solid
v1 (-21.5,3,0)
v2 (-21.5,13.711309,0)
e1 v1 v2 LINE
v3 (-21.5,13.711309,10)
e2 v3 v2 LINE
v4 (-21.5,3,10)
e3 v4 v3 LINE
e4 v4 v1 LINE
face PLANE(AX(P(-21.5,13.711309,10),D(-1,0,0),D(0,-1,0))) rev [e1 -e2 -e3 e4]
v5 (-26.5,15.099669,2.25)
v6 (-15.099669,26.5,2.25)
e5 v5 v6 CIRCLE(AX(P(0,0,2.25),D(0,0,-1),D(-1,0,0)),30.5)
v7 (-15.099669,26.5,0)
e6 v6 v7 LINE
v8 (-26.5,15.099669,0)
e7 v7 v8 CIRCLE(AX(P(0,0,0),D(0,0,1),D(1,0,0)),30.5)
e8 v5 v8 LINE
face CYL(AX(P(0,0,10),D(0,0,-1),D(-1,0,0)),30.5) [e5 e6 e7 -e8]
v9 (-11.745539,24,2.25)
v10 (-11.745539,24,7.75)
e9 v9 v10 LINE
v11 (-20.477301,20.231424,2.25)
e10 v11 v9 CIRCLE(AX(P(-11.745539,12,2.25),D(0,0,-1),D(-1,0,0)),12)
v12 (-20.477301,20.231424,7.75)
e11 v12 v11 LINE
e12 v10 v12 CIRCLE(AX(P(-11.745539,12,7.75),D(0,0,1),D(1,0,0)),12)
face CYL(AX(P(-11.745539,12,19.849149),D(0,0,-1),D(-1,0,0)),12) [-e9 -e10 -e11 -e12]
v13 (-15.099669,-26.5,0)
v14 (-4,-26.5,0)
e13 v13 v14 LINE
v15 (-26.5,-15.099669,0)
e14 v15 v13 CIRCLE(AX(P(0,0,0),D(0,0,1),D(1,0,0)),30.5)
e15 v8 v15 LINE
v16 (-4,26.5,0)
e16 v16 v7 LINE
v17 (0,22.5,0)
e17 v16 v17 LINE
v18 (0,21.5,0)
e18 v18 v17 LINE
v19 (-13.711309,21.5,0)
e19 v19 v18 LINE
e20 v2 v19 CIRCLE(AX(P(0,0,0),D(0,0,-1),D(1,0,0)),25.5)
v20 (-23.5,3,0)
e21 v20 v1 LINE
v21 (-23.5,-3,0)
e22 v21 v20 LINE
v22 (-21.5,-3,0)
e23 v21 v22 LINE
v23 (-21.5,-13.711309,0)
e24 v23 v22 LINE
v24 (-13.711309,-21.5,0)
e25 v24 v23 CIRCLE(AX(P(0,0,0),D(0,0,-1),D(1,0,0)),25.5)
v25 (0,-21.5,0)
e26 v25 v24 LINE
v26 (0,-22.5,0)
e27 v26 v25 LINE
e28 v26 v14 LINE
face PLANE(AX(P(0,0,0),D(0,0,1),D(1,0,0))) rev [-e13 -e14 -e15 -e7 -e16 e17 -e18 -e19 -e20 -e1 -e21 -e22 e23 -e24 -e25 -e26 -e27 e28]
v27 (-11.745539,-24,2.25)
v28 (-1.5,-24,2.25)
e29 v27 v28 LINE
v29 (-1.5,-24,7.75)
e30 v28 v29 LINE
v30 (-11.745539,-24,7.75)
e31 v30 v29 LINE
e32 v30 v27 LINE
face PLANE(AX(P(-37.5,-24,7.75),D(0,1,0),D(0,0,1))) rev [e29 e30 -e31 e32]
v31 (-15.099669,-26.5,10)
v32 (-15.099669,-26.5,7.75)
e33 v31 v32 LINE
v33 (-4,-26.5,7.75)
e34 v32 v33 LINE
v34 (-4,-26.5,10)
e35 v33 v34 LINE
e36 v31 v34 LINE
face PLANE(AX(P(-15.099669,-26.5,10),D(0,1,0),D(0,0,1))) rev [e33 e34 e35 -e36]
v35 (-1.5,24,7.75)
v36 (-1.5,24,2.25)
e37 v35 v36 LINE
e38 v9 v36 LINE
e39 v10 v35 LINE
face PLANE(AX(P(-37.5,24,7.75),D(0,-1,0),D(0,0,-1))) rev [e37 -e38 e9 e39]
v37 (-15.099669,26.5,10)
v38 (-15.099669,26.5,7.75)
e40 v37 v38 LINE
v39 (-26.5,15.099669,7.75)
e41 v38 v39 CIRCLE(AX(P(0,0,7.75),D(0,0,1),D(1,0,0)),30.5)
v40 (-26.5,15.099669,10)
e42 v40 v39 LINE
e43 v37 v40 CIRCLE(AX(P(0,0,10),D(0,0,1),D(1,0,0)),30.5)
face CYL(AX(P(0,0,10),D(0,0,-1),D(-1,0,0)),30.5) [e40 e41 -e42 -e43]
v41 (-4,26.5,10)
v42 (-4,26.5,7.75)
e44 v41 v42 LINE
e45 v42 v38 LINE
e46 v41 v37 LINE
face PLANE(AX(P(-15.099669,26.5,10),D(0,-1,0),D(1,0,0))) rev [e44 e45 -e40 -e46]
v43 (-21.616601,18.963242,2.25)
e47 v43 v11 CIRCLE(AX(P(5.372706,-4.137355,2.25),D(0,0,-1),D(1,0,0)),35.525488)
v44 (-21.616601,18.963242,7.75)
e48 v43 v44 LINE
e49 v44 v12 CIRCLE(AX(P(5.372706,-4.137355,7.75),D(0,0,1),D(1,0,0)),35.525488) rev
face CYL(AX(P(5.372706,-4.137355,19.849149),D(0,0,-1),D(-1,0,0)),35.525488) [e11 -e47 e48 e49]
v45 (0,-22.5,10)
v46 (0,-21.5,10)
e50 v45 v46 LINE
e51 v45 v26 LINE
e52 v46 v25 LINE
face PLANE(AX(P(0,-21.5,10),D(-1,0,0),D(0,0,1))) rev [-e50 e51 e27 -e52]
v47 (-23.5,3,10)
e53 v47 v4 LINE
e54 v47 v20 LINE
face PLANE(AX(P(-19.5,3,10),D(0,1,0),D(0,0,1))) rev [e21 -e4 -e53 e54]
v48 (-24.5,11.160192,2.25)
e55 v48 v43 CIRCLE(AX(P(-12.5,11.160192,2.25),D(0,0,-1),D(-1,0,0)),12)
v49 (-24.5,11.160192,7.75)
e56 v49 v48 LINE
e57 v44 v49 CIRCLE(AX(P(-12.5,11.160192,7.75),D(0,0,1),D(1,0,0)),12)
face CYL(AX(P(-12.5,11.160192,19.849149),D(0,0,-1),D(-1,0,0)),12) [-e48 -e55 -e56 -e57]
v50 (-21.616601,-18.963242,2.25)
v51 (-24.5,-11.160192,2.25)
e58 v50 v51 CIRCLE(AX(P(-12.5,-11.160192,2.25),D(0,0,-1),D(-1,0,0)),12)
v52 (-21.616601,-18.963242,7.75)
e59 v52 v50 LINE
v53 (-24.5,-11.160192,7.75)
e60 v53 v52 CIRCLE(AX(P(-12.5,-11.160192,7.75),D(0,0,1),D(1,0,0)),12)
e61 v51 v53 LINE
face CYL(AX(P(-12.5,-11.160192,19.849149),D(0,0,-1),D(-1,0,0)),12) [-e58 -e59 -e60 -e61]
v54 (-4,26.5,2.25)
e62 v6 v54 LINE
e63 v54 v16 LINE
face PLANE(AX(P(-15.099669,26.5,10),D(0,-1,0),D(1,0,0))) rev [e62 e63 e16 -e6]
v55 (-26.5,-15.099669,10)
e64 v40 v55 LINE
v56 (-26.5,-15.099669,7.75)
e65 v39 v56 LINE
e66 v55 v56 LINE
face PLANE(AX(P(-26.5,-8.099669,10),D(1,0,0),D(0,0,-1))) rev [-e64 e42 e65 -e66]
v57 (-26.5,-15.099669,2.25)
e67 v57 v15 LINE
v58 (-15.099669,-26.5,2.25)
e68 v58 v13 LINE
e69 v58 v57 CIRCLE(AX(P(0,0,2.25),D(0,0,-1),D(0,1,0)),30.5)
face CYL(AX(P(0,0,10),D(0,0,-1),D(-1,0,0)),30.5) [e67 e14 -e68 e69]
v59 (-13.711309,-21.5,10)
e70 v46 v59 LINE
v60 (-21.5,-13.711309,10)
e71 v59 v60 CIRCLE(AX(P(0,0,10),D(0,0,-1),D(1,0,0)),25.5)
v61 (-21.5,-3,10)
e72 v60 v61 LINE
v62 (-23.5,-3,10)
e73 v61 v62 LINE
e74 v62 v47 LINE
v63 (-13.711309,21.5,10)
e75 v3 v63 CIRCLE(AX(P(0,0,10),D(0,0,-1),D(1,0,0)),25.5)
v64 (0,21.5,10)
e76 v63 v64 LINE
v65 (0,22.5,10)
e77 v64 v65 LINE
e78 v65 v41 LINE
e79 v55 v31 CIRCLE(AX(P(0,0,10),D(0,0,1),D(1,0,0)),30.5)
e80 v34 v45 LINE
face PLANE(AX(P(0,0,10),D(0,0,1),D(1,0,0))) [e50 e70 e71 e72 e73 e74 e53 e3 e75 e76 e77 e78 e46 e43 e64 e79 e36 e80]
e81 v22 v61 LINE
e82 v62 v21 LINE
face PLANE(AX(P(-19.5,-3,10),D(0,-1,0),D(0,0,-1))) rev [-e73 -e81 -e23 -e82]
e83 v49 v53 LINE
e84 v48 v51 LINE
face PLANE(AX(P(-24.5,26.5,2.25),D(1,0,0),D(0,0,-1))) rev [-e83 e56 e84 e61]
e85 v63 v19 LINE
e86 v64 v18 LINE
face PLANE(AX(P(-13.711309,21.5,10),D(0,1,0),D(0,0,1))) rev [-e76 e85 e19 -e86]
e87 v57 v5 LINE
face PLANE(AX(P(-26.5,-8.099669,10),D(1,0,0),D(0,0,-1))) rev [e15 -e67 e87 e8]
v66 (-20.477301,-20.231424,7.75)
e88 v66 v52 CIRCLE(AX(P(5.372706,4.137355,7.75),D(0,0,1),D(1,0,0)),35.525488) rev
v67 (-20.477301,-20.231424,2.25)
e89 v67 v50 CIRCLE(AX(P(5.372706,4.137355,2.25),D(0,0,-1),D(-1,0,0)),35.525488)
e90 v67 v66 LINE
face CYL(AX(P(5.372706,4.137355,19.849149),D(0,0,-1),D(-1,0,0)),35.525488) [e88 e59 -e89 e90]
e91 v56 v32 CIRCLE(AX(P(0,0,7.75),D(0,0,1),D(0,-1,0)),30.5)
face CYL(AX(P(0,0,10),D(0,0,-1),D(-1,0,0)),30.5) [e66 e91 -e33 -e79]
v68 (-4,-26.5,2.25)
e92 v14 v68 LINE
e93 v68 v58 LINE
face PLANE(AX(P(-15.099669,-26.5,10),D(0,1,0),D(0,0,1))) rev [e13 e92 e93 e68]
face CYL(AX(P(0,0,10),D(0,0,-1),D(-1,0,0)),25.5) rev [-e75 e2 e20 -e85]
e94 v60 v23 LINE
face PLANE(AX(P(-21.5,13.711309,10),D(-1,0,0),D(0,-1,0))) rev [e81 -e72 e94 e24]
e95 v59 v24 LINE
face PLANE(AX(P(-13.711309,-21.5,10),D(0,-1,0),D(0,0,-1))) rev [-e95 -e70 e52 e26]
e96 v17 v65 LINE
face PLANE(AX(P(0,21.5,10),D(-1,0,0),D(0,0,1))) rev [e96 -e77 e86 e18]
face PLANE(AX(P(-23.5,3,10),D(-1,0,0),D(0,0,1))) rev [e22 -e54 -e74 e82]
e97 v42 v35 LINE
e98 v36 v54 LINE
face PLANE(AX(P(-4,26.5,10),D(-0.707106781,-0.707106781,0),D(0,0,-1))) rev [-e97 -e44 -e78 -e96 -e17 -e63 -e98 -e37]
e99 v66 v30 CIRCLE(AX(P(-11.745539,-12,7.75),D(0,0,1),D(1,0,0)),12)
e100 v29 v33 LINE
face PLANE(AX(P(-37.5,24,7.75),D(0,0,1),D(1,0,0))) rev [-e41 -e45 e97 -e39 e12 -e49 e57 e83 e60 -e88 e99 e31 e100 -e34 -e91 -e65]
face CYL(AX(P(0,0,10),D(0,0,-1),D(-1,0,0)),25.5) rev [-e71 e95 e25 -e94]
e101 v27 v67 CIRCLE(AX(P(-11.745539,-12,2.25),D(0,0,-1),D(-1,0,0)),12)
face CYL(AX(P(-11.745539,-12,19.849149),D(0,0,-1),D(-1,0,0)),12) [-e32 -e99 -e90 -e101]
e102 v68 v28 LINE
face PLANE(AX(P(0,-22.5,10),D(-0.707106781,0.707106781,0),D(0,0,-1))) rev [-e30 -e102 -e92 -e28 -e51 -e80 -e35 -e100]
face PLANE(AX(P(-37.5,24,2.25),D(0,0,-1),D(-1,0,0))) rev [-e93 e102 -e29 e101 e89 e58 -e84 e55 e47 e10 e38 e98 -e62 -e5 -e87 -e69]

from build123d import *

# Parameters (mm, degrees)
BOSS_EXTRUDE1_DEPTH     = 10
CUT_EXTRUDE1_DEPTH      = 47.99468055
SKETCH8_W               = 5.5
SKETCH8_H               = 5
CUT_EXTRUDE7_DEPTH      = 47.99468055
CUT_EXTRUDE8_DEPTH      = 52.994106262
CUT_EXTRUDE8_DEPTH_BACK = 52.994106262
SKETCH9_W               = 4
SKETCH9_H               = 5.5
FILLET4_R               = 1.5
CUT_EXTRUDE9_DEPTH      = 5.5
CHAMFER1_SIZE           = 4
SKETCH11_W              = 11
SKETCH11_H              = 16.199337742
SKETCH11_W_2            = 4
SKETCH11_H_2            = 6
CUT_EXTRUDE10_DEPTH     = 47.99468055
FILLET5_R               = 12


with BuildPart() as part:
    # Sketch1 → Boss-Extrude1 (new body)
    with BuildSketch(Plane.XY):
        with BuildLine():
            Line((-26.5, -8.099668871), (-26.5, -15.099668871))
            ThreePointArc((-26.5, -15.099668871), (-21.566756826, -21.566756826), (-15.099668871, -26.5))
            Line((-15.099668871, -26.5), (0, -26.5))
            Line((0, -26.5), (0, -21.5))
            Line((0, -21.5), (-13.711309201, -21.5))
            ThreePointArc((-13.711309201, -21.5), (-18.03122292, -18.03122292), (-21.5, -13.711309201))
            Line((-21.5, -13.711309201), (-21.5, 13.711309201))
            ThreePointArc((-21.5, 13.711309201), (-18.03122292, 18.03122292), (-13.711309201, 21.5))
            Line((-13.711309201, 21.5), (0, 21.5))
            Line((0, 21.5), (0, 26.5))
            Line((0, 26.5), (-15.099668871, 26.5))
            ThreePointArc((-15.099668871, 26.5), (-21.566756826, 21.566756826), (-26.5, 15.099668871))
            Line((-26.5, 15.099668871), (-26.5, 8.099668871))
            Line((-26.5, 8.099668871), (-37.5, 8.099668871))
            Line((-37.5, 8.099668871), (-37.5, -8.099668871))
            Line((-37.5, -8.099668871), (-26.5, -8.099668871))
        make_face()
    extrude(amount=BOSS_EXTRUDE1_DEPTH)

    # Sketch2 → Cut-Extrude1 (cut, through all)
    with BuildSketch(Plane.XY.offset(10)):
        with BuildLine():
            Line((-31, 2.907722565), (-31, -2.907722565))
            ThreePointArc((-31, -2.907722565), (-33, -4.907722565), (-35, -2.907722565))
            Line((-35, -2.907722565), (-35, 2.907722565))
            ThreePointArc((-35, 2.907722565), (-33, 4.907722565), (-31, 2.907722565))
        make_face()
    extrude(amount=-CUT_EXTRUDE1_DEPTH, mode=Mode.SUBTRACT)

    # Sketch8 → Cut-Extrude7 (cut, through all)
    with BuildSketch(Plane(origin=(0, 0, 0), x_dir=(0, 0, -1), z_dir=(1, 0, 0))):
        with Locations((-5, 26.5)):
            Rectangle(SKETCH8_W, SKETCH8_H)
        with Locations((-5, -26.5)):
            Rectangle(SKETCH8_W, SKETCH8_H)
    extrude(amount=-CUT_EXTRUDE7_DEPTH, mode=Mode.SUBTRACT)

    # Sketch9 → Cut-Extrude8 (cut, two sides: drawn at the far end of the back side and taken through both)
    with BuildSketch(Plane.XZ.offset(8.099668871).offset(-CUT_EXTRUDE8_DEPTH_BACK)):
        with Locations((-26.5, 5)):
            Rectangle(SKETCH9_W, SKETCH9_H)
    extrude(amount=CUT_EXTRUDE8_DEPTH + CUT_EXTRUDE8_DEPTH_BACK, mode=Mode.SUBTRACT)

    # Fillet4
    fillet4_edges = [part.edges().sort_by_distance(p)[0] for p in [
        (-28.5, 0, 2.25),
        (-28.5, 0, 7.75),
    ]]
    fillet(fillet4_edges, radius=FILLET4_R)

    # Sketch10 → Cut-Extrude9 (cut)
    with BuildSketch(Plane.XY.offset(2.25)):
        with BuildLine():
            Line((-16.314836512, 24), (-18.821530225, 24))
            ThreePointArc((-18.821530225, 24), (-21.856301603, 21.273271498), (-24.5, 18.165902125))
            Line((-24.5, 18.165902125), (-24.5, 15.08975312))
            ThreePointArc((-24.5, 15.08975312), (-20.789536476, 19.895899393), (-16.314836512, 24))
        make_face()
        with BuildLine():
            Line((-24.5, -15.08975312), (-24.5, -18.165902125))
            ThreePointArc((-24.5, -18.165902125), (-21.856301603, -21.273271498), (-18.821530225, -24))
            Line((-18.821530225, -24), (-16.314836512, -24))
            ThreePointArc((-16.314836512, -24), (-20.789536476, -19.895899393), (-24.5, -15.08975312))
        make_face()
    extrude(amount=CUT_EXTRUDE9_DEPTH, mode=Mode.SUBTRACT)

    # Chamfer1
    chamfer1_edges = [part.edges().sort_by_distance(p)[0] for p in [
        (0, -26.5, 8.875),
        (0, 26.5, 8.875),
    ]]
    chamfer(chamfer1_edges, length=CHAMFER1_SIZE)

    # Sketch11 → Cut-Extrude10 (cut, through all)
    with BuildSketch(Plane(origin=(0, 0, 0), x_dir=(-1, 0, 0), z_dir=(0, 0, -1))):
        with Locations((32, 0)):
            Rectangle(SKETCH11_W, SKETCH11_H)
        with Locations((21.5, 0)):
            Rectangle(SKETCH11_W_2, SKETCH11_H_2)
    extrude(amount=-CUT_EXTRUDE10_DEPTH, mode=Mode.SUBTRACT)

    # Fillet5
    fillet5_edges = [part.edges().sort_by_distance(p)[0] for p in [
        (-24.5, 15.08975312, 5),
        (-16.314836512, 24, 5),
        (-16.314836512, -24, 5),
        (-24.5, -15.08975312, 5),
    ]]
    fillet(fillet5_edges, radius=FILLET5_R)


solid = part.part
